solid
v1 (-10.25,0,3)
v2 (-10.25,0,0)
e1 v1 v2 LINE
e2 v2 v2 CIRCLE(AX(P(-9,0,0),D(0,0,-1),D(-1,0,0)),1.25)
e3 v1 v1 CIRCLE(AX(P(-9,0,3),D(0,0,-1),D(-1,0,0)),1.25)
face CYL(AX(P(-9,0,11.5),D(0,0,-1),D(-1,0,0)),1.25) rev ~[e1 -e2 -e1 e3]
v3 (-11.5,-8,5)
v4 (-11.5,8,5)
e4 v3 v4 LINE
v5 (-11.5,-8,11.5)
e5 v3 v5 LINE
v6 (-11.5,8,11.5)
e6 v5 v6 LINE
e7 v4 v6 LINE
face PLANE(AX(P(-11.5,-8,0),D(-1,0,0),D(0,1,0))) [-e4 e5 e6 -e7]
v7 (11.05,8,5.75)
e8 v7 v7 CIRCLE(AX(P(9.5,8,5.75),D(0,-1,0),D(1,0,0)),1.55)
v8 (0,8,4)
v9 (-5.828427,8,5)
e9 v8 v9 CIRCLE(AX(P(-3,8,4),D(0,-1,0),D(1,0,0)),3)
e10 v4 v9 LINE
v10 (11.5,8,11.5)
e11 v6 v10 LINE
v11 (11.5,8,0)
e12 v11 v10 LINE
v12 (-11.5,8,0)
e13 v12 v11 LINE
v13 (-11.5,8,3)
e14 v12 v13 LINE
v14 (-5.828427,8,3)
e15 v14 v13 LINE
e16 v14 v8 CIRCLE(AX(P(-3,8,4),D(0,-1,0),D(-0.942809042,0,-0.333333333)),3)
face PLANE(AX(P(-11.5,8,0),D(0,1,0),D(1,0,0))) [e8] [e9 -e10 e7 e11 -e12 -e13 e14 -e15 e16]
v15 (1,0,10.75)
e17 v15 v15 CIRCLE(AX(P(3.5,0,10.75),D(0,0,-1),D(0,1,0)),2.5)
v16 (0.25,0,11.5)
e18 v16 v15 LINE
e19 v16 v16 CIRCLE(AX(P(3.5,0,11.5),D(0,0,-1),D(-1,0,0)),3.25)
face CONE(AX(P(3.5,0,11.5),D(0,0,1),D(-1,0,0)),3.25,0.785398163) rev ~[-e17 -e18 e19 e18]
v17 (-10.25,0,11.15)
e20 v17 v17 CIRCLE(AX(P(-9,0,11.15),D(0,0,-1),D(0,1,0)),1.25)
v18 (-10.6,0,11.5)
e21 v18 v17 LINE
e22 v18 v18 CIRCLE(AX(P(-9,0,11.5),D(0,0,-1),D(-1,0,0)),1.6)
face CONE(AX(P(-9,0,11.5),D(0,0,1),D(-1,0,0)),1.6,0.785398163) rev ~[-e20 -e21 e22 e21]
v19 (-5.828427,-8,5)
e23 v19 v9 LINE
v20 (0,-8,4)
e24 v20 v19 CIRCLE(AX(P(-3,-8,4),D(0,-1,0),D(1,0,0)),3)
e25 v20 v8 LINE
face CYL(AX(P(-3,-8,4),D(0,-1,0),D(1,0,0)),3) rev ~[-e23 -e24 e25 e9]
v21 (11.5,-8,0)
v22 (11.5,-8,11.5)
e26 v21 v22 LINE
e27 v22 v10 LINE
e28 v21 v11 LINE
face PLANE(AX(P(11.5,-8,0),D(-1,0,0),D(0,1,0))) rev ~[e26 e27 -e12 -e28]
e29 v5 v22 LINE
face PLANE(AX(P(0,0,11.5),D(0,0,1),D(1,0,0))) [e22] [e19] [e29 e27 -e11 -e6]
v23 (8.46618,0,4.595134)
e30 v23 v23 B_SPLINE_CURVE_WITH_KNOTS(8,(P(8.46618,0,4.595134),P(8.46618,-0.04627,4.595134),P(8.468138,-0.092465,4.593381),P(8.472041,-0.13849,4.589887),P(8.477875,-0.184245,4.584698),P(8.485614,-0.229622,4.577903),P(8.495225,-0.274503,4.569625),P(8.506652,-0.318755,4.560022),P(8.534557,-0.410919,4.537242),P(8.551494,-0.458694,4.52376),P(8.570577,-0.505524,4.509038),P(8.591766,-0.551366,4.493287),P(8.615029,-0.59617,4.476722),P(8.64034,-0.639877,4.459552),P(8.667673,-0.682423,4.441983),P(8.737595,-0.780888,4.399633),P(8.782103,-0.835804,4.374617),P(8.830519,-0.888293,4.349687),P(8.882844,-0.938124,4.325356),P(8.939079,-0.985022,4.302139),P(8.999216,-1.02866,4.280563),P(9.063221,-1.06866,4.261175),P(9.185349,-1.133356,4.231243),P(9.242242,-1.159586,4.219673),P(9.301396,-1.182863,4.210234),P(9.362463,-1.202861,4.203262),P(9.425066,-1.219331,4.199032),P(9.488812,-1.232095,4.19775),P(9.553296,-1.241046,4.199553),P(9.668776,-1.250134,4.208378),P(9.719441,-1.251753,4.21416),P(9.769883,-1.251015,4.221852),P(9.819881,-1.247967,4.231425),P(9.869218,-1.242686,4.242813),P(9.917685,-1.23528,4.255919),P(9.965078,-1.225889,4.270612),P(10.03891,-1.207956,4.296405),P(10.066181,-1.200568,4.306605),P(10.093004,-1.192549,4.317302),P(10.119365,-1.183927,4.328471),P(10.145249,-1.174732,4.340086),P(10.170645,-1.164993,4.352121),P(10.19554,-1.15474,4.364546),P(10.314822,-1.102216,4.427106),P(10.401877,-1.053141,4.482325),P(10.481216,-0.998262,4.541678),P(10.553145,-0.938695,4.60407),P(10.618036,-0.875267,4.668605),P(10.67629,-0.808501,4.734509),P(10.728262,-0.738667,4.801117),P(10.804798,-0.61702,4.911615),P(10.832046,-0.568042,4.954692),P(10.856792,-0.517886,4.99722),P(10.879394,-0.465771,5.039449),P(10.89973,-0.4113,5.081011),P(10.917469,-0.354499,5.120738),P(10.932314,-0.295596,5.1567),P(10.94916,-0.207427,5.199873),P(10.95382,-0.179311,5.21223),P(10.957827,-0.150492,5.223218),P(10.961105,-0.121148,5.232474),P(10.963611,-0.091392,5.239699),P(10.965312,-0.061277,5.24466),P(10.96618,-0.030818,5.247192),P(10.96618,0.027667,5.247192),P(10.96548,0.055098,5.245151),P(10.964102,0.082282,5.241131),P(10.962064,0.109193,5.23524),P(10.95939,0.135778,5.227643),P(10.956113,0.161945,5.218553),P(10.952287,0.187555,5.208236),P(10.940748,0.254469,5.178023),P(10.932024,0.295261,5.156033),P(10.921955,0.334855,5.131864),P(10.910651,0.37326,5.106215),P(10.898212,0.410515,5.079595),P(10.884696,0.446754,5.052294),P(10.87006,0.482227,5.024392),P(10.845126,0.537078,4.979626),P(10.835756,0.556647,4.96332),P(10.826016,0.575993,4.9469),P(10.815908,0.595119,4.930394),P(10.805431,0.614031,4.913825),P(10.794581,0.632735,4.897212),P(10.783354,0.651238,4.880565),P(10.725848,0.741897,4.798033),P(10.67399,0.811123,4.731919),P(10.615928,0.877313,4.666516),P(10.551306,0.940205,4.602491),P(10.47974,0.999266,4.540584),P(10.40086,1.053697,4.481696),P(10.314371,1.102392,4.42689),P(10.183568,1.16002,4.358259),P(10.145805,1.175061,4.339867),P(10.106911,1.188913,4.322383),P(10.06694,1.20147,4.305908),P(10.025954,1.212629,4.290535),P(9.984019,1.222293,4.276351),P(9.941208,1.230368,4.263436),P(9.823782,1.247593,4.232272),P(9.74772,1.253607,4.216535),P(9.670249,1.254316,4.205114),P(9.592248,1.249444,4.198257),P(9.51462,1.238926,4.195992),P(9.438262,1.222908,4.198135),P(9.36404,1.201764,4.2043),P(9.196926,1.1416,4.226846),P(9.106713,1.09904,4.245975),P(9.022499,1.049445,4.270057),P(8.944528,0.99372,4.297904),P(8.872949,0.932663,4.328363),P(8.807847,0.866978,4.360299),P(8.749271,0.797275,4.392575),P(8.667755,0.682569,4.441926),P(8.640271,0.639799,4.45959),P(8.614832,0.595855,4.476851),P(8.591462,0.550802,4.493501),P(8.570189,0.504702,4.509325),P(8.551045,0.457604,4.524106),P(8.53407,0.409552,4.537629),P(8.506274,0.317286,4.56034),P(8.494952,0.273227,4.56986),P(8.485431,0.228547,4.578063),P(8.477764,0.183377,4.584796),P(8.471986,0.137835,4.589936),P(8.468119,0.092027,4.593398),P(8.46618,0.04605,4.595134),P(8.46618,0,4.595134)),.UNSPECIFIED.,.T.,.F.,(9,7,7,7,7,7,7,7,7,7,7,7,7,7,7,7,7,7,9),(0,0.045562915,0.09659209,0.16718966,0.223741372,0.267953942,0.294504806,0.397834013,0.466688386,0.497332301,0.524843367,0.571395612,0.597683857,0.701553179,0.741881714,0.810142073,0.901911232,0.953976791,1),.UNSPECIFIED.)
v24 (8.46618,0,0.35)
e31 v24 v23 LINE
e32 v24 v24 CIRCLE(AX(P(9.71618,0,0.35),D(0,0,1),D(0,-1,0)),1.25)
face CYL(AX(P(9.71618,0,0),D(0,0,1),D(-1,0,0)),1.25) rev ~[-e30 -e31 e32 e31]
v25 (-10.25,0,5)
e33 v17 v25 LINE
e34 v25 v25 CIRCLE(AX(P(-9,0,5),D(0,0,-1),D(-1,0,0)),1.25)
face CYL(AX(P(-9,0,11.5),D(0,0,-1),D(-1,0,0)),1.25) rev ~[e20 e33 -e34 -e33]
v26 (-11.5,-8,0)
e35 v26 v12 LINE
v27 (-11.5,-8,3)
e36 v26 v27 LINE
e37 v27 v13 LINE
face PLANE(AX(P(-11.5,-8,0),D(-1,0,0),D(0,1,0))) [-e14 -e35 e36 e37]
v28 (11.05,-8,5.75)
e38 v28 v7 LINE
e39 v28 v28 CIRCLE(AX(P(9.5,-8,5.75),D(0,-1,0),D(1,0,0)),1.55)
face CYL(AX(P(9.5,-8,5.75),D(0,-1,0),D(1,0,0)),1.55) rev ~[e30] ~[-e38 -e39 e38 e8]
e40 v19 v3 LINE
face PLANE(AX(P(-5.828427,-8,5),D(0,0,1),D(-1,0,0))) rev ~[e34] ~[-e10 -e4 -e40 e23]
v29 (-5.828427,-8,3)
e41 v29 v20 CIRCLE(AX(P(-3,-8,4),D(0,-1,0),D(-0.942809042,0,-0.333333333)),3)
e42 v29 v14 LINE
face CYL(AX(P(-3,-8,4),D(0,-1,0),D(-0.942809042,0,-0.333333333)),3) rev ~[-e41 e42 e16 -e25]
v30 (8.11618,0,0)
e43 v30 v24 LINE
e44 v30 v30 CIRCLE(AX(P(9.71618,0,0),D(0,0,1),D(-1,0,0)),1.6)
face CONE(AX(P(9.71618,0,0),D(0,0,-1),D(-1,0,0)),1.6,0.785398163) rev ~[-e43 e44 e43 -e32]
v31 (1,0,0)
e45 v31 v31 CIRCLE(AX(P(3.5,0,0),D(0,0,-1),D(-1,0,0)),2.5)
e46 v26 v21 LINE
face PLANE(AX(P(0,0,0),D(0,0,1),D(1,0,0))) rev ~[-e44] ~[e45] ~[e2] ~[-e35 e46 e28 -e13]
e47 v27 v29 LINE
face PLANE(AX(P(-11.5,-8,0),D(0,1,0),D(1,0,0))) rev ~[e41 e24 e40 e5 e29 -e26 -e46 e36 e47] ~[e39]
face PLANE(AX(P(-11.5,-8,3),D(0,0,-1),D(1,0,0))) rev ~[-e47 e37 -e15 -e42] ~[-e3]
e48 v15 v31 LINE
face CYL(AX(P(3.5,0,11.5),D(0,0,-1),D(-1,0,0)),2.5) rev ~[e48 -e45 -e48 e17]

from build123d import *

# Parameters (mm, degrees)
F0_W           = 23
F0_H           = 16
F1_DEPTH       = 11.5
F3_D           = 5
F3_CSINK_D     = 6.5
F3_CSINK_ANGLE = 90
F4_D           = 2.5
F4_CSINK_D     = 3.2
F4_CSINK_ANGLE = 90
F5_R           = 1.55
F6_DEPTH       = 16.001
F8_D           = 2.5
F8_DEPTH       = 5.75
F8_CSINK_D     = 3.2
F8_CSINK_ANGLE = 90
F8_TIP         = 0.7510757738


with BuildPart() as f1:
    # F0 (on Top) → F1 (new body)
    with BuildSketch(Plane.XY):
        Rectangle(F0_W, F0_H)
    extrude(amount=F1_DEPTH)

    # F3 (through all)
    with Locations(Plane.XY.offset(11.5)):
        with Locations((3.5, 0)):
            CounterSinkHole(F3_D / 2, F3_CSINK_D / 2, counter_sink_angle=F3_CSINK_ANGLE)

    # F4 (through all)
    with Locations(Plane.XY.offset(11.5)):
        with Locations((-9, 0)):
            CounterSinkHole(F4_D / 2, F4_CSINK_D / 2, counter_sink_angle=F4_CSINK_ANGLE)

    # F5 (on face) → F6 (cut, through all)
    with BuildSketch(Plane.XZ.offset(8)):
        with BuildLine():
            Line((-4.589129705, 5), (-5.8284271247, 5))
            ThreePointArc((-5.8284271247, 5), (-6, 4), (-5.8284271247, 3))
            Line((-5.8284271247, 3), (-4.589129705, 3))
            Line((-4.589129705, 3), (-4.589129705, 5))
        make_face()
        with BuildLine():
            ThreePointArc((-5.8284271247, 3), (-2.4926940638, 1.043204321), (0, 4))
            ThreePointArc((0, 4), (-2.4926940638, 6.956795679), (-5.8284271247, 5))
            Line((-5.8284271247, 5), (-4.589129705, 5))
            Line((-4.589129705, 5), (-4.589129705, 3))
            Line((-4.589129705, 3), (-5.8284271247, 3))
        make_face()
        with Locations((9.5, 5.75)):
            Circle(F5_R)
        with BuildLine():
            ThreePointArc((-5.8284271247, 3), (-6, 4), (-5.8284271247, 5))
            Line((-5.8284271247, 5), (-11.5, 5))
            Line((-11.5, 5), (-11.5, 3))
            Line((-11.5, 3), (-5.8284271247, 3))
        make_face()
    extrude(amount=-F6_DEPTH, mode=Mode.SUBTRACT)

    # F8
    with Locations(Plane(origin=(0, 0, 0), x_dir=(1, 0, 0), z_dir=(0, 0, -1))):
        with Locations((9.7161801532, 0)):
            CounterSinkHole(F8_D / 2, F8_CSINK_D / 2, depth=F8_DEPTH, counter_sink_angle=F8_CSINK_ANGLE)
            with Locations((0, 0, -(F8_DEPTH + F8_TIP / 2))):  # 118° drill point
                Cone(0, F8_D / 2, F8_TIP, mode=Mode.SUBTRACT)


solid = f1.part
